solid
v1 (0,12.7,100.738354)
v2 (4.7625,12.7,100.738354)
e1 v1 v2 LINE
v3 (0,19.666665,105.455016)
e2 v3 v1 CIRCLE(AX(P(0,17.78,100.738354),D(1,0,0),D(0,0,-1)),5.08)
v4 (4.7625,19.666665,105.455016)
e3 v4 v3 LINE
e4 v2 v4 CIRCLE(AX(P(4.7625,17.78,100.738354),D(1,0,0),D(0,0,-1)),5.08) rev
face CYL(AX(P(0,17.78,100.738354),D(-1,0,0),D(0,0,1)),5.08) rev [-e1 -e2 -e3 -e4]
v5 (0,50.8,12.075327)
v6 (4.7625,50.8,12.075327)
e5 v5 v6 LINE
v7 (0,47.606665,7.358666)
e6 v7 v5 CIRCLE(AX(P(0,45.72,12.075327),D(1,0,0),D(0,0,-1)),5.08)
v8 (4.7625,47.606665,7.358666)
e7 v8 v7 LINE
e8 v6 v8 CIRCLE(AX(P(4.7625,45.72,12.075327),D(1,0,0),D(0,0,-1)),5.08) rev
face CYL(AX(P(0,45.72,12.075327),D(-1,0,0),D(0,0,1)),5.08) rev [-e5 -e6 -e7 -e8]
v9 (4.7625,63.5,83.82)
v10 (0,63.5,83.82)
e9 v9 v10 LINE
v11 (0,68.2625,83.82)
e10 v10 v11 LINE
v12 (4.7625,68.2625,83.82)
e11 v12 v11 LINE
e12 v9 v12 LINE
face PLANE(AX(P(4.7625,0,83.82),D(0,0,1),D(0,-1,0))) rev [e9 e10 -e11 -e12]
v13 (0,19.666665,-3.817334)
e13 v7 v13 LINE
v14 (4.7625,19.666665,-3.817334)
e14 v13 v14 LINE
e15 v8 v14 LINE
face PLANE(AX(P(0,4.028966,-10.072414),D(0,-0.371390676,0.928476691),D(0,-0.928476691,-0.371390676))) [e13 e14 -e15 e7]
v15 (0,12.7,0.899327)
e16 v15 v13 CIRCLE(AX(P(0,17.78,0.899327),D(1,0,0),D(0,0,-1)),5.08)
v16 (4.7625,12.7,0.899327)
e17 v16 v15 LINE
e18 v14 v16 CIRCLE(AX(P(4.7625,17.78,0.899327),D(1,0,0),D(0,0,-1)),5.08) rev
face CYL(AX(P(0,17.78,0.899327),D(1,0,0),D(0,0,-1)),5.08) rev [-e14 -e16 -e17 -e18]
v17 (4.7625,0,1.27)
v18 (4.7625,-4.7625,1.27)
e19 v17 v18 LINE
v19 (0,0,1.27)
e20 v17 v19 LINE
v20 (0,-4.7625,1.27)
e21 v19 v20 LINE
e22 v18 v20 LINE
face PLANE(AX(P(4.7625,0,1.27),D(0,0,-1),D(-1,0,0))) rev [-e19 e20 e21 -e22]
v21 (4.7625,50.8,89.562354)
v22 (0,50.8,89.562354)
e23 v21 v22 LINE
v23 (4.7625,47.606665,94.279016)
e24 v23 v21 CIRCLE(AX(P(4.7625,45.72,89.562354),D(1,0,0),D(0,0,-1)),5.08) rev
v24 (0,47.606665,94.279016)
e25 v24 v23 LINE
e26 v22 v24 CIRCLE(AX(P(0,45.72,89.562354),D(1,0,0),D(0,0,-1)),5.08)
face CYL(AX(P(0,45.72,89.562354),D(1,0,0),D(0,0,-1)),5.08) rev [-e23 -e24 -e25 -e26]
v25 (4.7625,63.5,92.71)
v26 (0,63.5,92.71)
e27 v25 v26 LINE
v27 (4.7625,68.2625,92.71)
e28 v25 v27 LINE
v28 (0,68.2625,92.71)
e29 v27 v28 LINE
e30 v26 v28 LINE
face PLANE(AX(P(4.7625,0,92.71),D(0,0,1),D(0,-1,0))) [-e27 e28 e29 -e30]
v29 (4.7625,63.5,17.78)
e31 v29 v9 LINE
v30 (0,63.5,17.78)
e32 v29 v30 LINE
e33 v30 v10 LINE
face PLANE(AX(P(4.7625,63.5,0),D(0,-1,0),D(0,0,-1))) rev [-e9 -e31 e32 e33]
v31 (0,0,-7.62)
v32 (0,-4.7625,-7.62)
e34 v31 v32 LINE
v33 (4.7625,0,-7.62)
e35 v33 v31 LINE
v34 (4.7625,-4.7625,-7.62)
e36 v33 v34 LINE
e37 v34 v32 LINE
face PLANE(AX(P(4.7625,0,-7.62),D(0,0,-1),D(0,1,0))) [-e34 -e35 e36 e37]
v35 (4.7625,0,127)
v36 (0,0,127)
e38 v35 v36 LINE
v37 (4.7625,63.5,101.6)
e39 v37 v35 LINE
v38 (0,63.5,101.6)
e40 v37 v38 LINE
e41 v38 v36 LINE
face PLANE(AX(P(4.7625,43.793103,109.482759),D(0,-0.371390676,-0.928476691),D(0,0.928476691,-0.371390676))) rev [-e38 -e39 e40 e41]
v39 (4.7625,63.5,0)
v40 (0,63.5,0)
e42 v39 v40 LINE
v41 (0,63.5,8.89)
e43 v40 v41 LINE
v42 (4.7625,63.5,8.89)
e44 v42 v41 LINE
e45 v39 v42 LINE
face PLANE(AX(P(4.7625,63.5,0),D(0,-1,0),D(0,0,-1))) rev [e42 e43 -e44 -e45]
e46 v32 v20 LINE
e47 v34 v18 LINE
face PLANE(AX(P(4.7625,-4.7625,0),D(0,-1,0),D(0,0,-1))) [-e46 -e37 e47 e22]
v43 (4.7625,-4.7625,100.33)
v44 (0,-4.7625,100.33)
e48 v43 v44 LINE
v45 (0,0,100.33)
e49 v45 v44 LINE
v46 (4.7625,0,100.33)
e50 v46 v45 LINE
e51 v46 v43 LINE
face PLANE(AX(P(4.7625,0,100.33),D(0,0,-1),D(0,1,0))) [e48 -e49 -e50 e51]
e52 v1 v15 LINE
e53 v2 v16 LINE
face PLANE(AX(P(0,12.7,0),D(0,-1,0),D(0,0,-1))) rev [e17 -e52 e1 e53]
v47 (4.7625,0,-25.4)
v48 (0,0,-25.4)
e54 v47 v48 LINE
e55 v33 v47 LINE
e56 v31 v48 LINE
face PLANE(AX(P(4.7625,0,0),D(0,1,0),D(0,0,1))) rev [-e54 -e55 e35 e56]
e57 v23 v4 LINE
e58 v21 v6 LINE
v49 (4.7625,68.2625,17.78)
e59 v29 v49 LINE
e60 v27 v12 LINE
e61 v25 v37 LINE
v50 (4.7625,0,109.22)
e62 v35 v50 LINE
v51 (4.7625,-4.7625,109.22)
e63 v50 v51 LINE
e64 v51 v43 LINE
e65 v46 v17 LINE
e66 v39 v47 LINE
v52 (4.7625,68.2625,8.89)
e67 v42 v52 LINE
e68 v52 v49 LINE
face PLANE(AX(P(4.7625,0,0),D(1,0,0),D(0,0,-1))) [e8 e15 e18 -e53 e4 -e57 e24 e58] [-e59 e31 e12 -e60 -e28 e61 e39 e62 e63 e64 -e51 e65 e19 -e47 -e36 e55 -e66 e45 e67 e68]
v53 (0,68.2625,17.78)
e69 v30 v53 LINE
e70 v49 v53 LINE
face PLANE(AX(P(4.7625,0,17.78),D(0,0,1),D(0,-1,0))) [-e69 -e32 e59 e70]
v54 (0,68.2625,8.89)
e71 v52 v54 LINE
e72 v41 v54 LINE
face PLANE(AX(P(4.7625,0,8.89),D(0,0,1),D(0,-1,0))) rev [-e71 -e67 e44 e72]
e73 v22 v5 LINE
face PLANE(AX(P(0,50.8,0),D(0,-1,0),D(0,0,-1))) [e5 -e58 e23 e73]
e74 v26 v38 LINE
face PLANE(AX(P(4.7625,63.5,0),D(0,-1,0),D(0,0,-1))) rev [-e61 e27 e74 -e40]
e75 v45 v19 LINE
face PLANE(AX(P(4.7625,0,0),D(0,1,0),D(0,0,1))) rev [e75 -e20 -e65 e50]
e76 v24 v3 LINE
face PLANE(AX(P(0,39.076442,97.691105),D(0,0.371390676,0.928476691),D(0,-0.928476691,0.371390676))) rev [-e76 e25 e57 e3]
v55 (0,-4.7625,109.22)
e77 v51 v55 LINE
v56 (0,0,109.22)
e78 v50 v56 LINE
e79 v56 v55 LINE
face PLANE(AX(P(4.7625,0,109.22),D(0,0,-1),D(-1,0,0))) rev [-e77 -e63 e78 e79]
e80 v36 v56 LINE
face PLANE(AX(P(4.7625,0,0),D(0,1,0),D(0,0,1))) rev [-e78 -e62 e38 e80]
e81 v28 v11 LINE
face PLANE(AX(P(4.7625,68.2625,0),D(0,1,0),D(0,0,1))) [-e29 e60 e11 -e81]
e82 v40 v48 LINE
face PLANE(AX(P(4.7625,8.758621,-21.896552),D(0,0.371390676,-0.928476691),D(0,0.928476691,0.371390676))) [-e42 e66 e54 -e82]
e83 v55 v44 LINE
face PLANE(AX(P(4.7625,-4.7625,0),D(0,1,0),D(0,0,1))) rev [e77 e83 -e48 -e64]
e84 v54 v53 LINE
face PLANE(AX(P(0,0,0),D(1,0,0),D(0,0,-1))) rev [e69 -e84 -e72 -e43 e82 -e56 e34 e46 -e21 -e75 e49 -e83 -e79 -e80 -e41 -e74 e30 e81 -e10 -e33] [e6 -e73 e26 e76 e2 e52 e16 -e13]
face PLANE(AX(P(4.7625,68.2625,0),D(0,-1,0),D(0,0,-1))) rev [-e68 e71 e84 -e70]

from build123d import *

# Parameters (mm, degrees)
BOSS_EXTRUDE1_DEPTH = 4.7625
SKETCH2_W           = 84.36568139
SKETCH2_H           = 38.1
CUT_EXTRUDE1_DEPTH  = 4.7625
FILLET1_R           = 5.08


with BuildPart() as part:
    # Sketch1 → Boss-Extrude1 (new body)
    with BuildSketch(Plane(origin=(0, 0, 0), x_dir=(0, 0, -1), z_dir=(1, 0, 0))):
        Polygon((-92.71, 63.5), (-101.6, 63.5), (-127, 0), (-109.22, 0), (-109.22, -4.7625), (-100.33, -4.7625), (-100.33, 0), (-1.27, 0), (-1.27, -4.7625), (7.62, -4.7625), (7.62, 0), (25.4, 0), (0, 63.5), (-8.89, 63.5), (-8.89, 68.2625), (-17.78, 68.2625), (-17.78, 63.5), (-83.82, 63.5), (-83.82, 68.2625), (-92.71, 68.2625), align=None)
    extrude(amount=BOSS_EXTRUDE1_DEPTH)

    # Sketch2 → Cut-Extrude1 (cut)
    with BuildSketch(Plane(origin=(4.7625, 0, 0), x_dir=(0, 0, -1), z_dir=(1, 0, 0))):
        with Locations((-50.818840695, 31.75)):
            Rectangle(SKETCH2_W, SKETCH2_H)
        Polygon((-93.00168139, 12.7), (-93.00168139, 50.8), (-108.24168139, 12.7), align=None)
        Polygon((6.604, 12.7), (-8.636, 50.8), (-8.636, 12.7), align=None)
    extrude(amount=-CUT_EXTRUDE1_DEPTH, mode=Mode.SUBTRACT)

    # Fillet1
    fillet1_edges = [part.edges().sort_by_distance(p)[0] for p in [
        (2.38125, 12.7, 108.24168139),
        (2.38125, 50.8, 93.00168139),
        (2.38125, 50.8, 8.636),
        (2.38125, 12.7, -6.604),
    ]]
    fillet(fillet1_edges, radius=FILLET1_R)


solid = part.part
